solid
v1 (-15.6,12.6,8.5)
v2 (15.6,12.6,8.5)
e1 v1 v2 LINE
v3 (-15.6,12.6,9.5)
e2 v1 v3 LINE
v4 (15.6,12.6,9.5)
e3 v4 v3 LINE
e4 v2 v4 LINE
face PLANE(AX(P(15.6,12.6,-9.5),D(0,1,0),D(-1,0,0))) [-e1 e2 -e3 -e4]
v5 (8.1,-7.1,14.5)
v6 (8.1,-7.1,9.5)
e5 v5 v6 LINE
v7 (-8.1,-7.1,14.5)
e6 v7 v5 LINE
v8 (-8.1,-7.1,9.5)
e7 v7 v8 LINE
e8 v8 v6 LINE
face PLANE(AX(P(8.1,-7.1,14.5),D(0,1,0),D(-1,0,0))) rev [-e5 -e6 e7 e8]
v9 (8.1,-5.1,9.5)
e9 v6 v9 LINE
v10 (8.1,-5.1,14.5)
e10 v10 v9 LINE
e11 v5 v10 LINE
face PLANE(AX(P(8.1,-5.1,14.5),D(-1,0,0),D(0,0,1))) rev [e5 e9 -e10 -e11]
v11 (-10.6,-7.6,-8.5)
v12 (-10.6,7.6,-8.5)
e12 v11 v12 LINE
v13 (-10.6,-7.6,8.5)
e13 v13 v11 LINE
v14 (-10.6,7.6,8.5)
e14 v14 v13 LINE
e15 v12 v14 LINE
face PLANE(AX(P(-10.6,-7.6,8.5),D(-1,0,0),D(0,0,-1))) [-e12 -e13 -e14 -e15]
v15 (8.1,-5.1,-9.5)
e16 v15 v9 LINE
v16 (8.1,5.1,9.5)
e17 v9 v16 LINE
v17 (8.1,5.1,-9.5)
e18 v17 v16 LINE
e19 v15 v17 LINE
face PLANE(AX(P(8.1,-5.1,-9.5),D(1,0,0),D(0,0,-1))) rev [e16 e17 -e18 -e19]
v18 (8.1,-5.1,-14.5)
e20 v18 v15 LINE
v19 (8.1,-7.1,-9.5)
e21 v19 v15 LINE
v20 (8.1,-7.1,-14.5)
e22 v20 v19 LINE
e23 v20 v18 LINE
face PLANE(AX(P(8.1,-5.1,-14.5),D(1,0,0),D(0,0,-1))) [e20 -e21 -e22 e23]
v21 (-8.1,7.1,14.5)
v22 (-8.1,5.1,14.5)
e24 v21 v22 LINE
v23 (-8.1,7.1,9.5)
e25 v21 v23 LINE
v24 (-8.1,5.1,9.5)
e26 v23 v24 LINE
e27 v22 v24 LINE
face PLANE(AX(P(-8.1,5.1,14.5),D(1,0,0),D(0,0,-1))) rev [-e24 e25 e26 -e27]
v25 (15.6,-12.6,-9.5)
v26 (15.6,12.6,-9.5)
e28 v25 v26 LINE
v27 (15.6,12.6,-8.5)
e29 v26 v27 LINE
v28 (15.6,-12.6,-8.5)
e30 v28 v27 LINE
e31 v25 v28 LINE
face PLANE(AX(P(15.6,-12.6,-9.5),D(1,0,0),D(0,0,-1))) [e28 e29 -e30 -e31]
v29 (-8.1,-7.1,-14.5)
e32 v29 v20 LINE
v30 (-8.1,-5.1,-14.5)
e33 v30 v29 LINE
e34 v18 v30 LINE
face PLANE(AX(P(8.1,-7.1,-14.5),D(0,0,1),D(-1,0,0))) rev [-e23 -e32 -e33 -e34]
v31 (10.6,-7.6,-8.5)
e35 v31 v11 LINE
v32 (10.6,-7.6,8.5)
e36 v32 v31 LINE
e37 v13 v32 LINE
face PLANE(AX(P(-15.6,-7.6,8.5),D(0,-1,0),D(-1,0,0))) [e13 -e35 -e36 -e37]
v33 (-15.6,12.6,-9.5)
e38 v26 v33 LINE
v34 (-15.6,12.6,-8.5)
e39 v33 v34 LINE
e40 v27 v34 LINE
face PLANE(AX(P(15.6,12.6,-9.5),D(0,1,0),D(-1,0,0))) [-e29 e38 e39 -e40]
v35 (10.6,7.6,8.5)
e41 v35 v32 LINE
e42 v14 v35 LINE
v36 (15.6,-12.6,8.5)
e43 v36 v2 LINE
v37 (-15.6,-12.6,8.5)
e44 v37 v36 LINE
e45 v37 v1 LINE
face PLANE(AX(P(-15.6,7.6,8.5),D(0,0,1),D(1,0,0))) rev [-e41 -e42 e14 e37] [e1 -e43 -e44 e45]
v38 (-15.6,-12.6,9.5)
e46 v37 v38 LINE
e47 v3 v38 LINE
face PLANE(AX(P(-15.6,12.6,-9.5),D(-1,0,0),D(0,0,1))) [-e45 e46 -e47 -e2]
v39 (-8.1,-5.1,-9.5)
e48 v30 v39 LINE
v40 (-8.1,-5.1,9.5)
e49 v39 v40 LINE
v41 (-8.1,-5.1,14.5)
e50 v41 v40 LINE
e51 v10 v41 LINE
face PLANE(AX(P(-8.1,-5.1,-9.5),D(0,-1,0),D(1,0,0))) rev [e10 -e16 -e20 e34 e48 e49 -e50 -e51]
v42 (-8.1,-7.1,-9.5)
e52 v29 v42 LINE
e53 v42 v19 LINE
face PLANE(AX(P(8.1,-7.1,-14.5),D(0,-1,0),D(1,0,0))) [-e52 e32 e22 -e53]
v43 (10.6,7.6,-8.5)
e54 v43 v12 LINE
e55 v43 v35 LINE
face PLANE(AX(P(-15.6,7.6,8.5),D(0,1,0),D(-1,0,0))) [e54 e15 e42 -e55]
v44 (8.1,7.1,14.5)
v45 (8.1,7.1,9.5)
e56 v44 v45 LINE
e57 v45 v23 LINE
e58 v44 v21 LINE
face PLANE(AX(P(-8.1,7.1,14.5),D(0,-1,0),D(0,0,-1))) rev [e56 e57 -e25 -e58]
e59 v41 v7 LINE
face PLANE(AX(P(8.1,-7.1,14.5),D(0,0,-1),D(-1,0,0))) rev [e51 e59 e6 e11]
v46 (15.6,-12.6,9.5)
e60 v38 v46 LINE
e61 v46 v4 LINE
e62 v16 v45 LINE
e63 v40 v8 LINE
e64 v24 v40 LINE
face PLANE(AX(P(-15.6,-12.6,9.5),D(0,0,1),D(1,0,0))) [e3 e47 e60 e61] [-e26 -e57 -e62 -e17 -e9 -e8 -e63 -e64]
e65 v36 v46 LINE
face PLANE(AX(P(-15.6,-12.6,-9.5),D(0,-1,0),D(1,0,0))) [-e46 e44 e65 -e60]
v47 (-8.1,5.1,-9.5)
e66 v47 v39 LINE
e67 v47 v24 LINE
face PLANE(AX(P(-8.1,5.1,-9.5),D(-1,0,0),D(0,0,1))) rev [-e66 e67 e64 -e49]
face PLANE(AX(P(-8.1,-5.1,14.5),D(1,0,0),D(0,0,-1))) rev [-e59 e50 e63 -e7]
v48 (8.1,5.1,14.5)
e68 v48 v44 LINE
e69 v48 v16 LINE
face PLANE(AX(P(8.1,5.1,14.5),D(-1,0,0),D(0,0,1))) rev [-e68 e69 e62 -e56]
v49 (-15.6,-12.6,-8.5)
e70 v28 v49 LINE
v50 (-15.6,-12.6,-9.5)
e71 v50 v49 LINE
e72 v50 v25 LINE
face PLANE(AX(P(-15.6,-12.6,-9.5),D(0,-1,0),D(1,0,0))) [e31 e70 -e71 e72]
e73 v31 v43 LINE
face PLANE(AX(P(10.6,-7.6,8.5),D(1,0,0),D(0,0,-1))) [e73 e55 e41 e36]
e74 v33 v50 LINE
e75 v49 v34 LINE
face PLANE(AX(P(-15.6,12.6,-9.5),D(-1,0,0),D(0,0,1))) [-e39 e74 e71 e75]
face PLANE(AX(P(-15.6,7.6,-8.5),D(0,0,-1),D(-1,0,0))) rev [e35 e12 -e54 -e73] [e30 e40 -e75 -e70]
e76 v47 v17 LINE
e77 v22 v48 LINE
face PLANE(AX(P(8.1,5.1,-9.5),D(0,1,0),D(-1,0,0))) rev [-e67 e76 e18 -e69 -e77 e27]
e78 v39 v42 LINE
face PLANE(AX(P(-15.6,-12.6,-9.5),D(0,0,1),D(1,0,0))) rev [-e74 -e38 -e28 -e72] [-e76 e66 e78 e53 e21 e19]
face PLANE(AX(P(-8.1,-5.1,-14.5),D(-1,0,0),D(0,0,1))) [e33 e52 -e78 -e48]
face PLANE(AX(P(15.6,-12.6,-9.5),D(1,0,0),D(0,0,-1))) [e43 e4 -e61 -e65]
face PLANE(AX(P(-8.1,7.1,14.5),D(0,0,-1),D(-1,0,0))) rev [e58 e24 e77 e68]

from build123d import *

# Parameters (mm, degrees)
BOSS_EXTRUDE1_DEPTH      = 9.5
BOSS_EXTRUDE1_DEPTH_BACK = 9.5
SKETCH1_W                = 31.2
SKETCH1_H                = 25.2
SKETCH1_W_2              = 16.2
SKETCH1_H_2              = 10.2
SKETCH2_W                = 31.2
SKETCH2_H                = 17
CUT_EXTRUDE1_DEPTH       = 5
SKETCH3_W                = 17
SKETCH3_H                = 15.2
CUT_EXTRUDE2_DEPTH       = 5
SKETCH4_W                = 16.2
SKETCH4_H                = 2
BOSS_EXTRUDE2_DEPTH      = 5
SKETCH6_W                = 16.2
SKETCH6_H                = 5
CUT_EXTRUDE3_DEPTH       = 2


with BuildPart() as part:
    # Sketch1 → Boss-Extrude1 (new, two sides: drawn at the far end of the back side and taken through both)
    with BuildSketch(Plane.XY.offset(-BOSS_EXTRUDE1_DEPTH_BACK)):
        Rectangle(SKETCH1_W, SKETCH1_H)
        Rectangle(SKETCH1_W_2, SKETCH1_H_2, mode=Mode.SUBTRACT)
    extrude(amount=BOSS_EXTRUDE1_DEPTH + BOSS_EXTRUDE1_DEPTH_BACK)

    # Sketch2 → Cut-Extrude1 (cut)
    with BuildSketch(Plane(origin=(0, 12.6, 0), x_dir=(1, 0, 0), z_dir=(0, 1, 0))):
        Rectangle(SKETCH2_W, SKETCH2_H)
    cut_extrude1 = extrude(amount=-CUT_EXTRUDE1_DEPTH, mode=Mode.SUBTRACT)

    # Mirror1: Cut-Extrude1 across plane
    add(cut_extrude1.mirror(Plane.ZX), mode=Mode.SUBTRACT)

    # Sketch3 → Cut-Extrude2 (cut)
    with BuildSketch(Plane(origin=(15.6, 0, 0), x_dir=(0, 0, -1), z_dir=(1, 0, 0))):
        Rectangle(SKETCH3_W, SKETCH3_H)
    cut_extrude2 = extrude(amount=-CUT_EXTRUDE2_DEPTH, mode=Mode.SUBTRACT)

    # Mirror2: Cut-Extrude2 across plane
    add(cut_extrude2.mirror(Plane(origin=(0, 0, 0), x_dir=(0, 0, 1), z_dir=(1, 0, 0))), mode=Mode.SUBTRACT)

    # Sketch4 → Boss-Extrude2 (add)
    with BuildSketch(Plane.XY.offset(9.5)):
        with Locations((0, 6.1)):
            Rectangle(SKETCH4_W, SKETCH4_H)
        with Locations((0, -6.1)):
            Rectangle(SKETCH4_W, SKETCH4_H)
    boss_extrude2 = extrude(amount=BOSS_EXTRUDE2_DEPTH)

    # Mirror3: Boss-Extrude2 across plane
    add(boss_extrude2.mirror(Plane.XY))

    # Sketch6 → Cut-Extrude3 (cut)
    with BuildSketch(Plane(origin=(0, 7.1, 0), x_dir=(1, 0, 0), z_dir=(0, 1, 0))):
        with Locations((0, 12)):
            Rectangle(SKETCH6_W, SKETCH6_H)
    extrude(amount=-CUT_EXTRUDE3_DEPTH, mode=Mode.SUBTRACT)


solid = part.part
